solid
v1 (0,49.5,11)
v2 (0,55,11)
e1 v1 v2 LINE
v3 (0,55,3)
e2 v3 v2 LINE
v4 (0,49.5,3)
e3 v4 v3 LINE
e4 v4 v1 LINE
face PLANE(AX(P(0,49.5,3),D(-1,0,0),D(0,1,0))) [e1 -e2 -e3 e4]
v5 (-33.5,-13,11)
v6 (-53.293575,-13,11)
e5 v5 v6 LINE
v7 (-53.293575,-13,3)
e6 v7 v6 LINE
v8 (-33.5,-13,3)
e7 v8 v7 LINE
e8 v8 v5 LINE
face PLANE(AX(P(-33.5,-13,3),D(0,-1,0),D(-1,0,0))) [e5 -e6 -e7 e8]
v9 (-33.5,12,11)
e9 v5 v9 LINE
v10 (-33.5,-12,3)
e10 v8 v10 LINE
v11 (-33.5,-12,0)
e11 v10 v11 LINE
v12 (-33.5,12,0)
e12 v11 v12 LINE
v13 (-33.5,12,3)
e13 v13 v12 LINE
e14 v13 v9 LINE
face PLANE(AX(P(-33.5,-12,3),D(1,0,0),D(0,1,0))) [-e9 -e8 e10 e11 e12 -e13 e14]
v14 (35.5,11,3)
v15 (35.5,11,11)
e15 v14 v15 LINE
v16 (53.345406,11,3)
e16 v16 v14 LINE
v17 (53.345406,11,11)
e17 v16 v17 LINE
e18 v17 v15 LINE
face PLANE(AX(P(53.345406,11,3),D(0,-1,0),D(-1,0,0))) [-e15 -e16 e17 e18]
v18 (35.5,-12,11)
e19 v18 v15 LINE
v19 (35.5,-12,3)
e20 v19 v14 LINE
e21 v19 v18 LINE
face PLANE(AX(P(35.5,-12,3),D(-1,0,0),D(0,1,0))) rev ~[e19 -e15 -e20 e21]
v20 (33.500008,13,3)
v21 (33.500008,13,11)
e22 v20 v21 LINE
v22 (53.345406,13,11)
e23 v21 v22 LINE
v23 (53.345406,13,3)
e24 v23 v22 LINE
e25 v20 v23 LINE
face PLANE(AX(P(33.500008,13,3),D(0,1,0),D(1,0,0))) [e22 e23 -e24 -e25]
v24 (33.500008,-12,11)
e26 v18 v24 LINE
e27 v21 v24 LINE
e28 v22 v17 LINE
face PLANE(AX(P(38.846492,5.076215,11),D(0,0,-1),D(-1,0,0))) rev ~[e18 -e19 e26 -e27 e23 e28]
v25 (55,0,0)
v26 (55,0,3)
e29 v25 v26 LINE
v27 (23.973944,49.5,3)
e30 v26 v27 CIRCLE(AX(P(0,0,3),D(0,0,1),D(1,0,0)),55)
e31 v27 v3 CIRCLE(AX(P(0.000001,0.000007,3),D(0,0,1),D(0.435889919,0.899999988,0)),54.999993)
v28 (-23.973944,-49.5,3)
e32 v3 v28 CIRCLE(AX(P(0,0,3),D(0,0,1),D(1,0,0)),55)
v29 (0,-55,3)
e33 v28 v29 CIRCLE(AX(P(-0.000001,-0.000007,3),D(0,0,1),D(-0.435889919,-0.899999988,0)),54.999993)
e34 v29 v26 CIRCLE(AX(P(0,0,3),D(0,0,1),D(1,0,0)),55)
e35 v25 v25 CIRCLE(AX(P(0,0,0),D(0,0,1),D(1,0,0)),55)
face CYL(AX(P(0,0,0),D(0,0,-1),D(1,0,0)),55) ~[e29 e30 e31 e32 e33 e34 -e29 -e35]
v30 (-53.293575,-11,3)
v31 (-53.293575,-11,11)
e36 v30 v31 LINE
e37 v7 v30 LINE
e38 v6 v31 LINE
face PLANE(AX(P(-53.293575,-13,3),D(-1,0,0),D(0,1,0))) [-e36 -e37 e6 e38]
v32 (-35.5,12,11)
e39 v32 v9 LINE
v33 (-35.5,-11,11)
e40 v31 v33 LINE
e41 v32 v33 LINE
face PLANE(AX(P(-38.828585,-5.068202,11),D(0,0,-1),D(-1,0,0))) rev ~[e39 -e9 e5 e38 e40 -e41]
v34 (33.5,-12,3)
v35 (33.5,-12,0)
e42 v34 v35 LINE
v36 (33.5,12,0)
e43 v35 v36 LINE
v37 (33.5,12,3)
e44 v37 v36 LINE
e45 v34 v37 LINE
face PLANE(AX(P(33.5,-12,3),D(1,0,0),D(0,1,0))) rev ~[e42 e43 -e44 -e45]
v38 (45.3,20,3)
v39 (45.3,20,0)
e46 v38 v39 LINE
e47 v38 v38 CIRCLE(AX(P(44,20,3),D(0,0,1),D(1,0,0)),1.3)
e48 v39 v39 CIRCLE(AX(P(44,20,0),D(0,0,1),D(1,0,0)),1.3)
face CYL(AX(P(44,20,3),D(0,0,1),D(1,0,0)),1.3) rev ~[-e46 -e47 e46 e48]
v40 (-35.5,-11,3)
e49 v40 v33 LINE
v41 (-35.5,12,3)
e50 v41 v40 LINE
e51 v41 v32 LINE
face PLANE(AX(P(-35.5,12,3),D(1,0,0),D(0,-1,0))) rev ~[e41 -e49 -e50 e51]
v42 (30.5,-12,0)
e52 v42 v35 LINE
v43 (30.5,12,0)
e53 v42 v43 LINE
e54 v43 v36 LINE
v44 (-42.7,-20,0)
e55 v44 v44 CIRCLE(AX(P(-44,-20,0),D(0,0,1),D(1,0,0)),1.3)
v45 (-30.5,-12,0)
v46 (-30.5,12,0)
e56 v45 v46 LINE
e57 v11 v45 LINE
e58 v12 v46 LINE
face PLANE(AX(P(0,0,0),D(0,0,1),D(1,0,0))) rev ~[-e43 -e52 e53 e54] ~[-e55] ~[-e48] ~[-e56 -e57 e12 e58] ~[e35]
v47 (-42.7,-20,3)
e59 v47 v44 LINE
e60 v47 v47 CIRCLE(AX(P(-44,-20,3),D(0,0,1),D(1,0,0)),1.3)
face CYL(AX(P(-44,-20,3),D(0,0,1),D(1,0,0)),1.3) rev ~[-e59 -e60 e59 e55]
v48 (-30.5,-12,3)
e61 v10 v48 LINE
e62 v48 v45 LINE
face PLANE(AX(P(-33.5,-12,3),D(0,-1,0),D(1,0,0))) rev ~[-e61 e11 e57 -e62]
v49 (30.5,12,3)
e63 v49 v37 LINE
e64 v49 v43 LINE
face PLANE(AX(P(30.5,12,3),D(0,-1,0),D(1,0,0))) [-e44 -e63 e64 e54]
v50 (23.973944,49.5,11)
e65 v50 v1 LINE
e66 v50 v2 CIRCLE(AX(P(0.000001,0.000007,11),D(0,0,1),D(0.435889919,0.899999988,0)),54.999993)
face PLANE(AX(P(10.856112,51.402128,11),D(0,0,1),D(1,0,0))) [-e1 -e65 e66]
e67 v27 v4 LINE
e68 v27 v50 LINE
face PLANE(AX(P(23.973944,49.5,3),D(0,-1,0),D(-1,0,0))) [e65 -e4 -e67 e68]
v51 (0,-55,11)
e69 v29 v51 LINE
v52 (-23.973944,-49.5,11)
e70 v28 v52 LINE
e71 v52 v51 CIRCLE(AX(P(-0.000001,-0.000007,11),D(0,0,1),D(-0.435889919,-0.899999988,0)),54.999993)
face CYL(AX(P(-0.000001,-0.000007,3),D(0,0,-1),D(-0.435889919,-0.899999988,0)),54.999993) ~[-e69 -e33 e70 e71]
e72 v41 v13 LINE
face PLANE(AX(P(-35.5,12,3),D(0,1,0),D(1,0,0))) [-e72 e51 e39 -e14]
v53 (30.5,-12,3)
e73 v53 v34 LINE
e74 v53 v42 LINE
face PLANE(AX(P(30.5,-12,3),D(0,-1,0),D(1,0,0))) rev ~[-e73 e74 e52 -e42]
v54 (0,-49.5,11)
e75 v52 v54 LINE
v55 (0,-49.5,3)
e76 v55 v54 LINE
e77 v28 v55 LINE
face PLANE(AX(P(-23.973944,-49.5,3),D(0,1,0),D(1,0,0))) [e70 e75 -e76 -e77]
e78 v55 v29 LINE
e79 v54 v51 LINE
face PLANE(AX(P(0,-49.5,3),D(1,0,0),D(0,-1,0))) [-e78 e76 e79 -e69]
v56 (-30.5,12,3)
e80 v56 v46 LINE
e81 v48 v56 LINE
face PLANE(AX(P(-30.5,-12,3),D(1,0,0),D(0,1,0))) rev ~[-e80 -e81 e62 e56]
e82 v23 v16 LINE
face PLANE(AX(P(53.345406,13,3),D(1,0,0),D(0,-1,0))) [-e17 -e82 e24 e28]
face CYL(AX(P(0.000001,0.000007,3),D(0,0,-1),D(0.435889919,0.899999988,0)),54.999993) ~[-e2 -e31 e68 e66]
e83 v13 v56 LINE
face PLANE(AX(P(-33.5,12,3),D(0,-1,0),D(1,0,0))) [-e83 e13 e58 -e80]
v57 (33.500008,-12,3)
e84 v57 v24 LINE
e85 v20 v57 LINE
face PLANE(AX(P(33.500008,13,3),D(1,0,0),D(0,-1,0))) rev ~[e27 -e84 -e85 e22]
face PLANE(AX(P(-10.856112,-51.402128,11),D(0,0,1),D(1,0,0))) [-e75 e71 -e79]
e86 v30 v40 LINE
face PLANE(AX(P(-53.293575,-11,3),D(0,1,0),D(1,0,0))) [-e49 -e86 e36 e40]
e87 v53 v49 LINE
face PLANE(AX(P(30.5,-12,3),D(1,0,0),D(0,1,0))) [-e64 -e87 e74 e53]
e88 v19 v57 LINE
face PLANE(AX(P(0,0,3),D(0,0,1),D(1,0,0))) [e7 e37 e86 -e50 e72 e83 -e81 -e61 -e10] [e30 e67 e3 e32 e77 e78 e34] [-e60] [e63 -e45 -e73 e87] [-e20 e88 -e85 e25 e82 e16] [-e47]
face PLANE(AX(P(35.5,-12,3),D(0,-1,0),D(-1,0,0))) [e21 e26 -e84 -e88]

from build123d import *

# Parameters (mm, degrees)
SKETCH_R     = 55
PAD_DEPTH    = 3
PAD001_DEPTH = 8
PAD002_DEPTH = 8
SKETCH003_R  = 1.3
SKETCH003_W  = 3
SKETCH003_H  = 24
POCKET_DEPTH = 5


with BuildPart() as part:
    # Sketch → Pad (new body)
    with BuildSketch(Plane.XY):
        Circle(SKETCH_R)
    extrude(amount=PAD_DEPTH)

    # Sketch001 (on Face3 of Pad) → Pad001 (join)
    with BuildSketch(Plane.XY.offset(3)):
        Polygon((33.500008, 0), (33.500008, 13), (53.345406, 13), (53.345406, 11), (35.5, 11), (35.5, -0.005684), (35.5, -12), (33.500008, -12), align=None)
        Polygon((-33.5, 0), (-33.5, -13), (-53.293575, -13), (-53.293575, -11), (-35.5, -11), (-35.5, 0.001212), (-35.5, 12), (-33.5, 12), align=None)
    extrude(amount=PAD001_DEPTH)

    # Sketch002 (on Face3 of Pad001) → Pad002 (join)
    with BuildSketch(Plane.XY.offset(3)):
        with BuildLine():
            ThreePointArc((-23.973944, -49.5), (-12.298374, -53.607369), (0, -55))
            Line((0, -49.5), (0, -55))
            Line((-23.973944, -49.5), (0, -49.5))
        make_face()
        with BuildLine():
            ThreePointArc((23.973944, 49.5), (12.298374, 53.607369), (0, 55))
            Line((0, 49.5), (0, 55))
            Line((23.973944, 49.5), (0, 49.5))
        make_face()
    extrude(amount=PAD002_DEPTH)

    # Sketch003 (on Face3 of Pad002) → Pocket (cut)
    with BuildSketch(Plane.XY.offset(3)):
        with Locations((-44, -20)):
            Circle(SKETCH003_R)
        with Locations((44, 20)):
            Circle(SKETCH003_R)
        with Locations((32, 0)):
            Rectangle(SKETCH003_W, SKETCH003_H)
        with Locations((-32, 0)):
            Rectangle(SKETCH003_W, SKETCH003_H)
    extrude(amount=-POCKET_DEPTH, mode=Mode.SUBTRACT)


solid = part.part
